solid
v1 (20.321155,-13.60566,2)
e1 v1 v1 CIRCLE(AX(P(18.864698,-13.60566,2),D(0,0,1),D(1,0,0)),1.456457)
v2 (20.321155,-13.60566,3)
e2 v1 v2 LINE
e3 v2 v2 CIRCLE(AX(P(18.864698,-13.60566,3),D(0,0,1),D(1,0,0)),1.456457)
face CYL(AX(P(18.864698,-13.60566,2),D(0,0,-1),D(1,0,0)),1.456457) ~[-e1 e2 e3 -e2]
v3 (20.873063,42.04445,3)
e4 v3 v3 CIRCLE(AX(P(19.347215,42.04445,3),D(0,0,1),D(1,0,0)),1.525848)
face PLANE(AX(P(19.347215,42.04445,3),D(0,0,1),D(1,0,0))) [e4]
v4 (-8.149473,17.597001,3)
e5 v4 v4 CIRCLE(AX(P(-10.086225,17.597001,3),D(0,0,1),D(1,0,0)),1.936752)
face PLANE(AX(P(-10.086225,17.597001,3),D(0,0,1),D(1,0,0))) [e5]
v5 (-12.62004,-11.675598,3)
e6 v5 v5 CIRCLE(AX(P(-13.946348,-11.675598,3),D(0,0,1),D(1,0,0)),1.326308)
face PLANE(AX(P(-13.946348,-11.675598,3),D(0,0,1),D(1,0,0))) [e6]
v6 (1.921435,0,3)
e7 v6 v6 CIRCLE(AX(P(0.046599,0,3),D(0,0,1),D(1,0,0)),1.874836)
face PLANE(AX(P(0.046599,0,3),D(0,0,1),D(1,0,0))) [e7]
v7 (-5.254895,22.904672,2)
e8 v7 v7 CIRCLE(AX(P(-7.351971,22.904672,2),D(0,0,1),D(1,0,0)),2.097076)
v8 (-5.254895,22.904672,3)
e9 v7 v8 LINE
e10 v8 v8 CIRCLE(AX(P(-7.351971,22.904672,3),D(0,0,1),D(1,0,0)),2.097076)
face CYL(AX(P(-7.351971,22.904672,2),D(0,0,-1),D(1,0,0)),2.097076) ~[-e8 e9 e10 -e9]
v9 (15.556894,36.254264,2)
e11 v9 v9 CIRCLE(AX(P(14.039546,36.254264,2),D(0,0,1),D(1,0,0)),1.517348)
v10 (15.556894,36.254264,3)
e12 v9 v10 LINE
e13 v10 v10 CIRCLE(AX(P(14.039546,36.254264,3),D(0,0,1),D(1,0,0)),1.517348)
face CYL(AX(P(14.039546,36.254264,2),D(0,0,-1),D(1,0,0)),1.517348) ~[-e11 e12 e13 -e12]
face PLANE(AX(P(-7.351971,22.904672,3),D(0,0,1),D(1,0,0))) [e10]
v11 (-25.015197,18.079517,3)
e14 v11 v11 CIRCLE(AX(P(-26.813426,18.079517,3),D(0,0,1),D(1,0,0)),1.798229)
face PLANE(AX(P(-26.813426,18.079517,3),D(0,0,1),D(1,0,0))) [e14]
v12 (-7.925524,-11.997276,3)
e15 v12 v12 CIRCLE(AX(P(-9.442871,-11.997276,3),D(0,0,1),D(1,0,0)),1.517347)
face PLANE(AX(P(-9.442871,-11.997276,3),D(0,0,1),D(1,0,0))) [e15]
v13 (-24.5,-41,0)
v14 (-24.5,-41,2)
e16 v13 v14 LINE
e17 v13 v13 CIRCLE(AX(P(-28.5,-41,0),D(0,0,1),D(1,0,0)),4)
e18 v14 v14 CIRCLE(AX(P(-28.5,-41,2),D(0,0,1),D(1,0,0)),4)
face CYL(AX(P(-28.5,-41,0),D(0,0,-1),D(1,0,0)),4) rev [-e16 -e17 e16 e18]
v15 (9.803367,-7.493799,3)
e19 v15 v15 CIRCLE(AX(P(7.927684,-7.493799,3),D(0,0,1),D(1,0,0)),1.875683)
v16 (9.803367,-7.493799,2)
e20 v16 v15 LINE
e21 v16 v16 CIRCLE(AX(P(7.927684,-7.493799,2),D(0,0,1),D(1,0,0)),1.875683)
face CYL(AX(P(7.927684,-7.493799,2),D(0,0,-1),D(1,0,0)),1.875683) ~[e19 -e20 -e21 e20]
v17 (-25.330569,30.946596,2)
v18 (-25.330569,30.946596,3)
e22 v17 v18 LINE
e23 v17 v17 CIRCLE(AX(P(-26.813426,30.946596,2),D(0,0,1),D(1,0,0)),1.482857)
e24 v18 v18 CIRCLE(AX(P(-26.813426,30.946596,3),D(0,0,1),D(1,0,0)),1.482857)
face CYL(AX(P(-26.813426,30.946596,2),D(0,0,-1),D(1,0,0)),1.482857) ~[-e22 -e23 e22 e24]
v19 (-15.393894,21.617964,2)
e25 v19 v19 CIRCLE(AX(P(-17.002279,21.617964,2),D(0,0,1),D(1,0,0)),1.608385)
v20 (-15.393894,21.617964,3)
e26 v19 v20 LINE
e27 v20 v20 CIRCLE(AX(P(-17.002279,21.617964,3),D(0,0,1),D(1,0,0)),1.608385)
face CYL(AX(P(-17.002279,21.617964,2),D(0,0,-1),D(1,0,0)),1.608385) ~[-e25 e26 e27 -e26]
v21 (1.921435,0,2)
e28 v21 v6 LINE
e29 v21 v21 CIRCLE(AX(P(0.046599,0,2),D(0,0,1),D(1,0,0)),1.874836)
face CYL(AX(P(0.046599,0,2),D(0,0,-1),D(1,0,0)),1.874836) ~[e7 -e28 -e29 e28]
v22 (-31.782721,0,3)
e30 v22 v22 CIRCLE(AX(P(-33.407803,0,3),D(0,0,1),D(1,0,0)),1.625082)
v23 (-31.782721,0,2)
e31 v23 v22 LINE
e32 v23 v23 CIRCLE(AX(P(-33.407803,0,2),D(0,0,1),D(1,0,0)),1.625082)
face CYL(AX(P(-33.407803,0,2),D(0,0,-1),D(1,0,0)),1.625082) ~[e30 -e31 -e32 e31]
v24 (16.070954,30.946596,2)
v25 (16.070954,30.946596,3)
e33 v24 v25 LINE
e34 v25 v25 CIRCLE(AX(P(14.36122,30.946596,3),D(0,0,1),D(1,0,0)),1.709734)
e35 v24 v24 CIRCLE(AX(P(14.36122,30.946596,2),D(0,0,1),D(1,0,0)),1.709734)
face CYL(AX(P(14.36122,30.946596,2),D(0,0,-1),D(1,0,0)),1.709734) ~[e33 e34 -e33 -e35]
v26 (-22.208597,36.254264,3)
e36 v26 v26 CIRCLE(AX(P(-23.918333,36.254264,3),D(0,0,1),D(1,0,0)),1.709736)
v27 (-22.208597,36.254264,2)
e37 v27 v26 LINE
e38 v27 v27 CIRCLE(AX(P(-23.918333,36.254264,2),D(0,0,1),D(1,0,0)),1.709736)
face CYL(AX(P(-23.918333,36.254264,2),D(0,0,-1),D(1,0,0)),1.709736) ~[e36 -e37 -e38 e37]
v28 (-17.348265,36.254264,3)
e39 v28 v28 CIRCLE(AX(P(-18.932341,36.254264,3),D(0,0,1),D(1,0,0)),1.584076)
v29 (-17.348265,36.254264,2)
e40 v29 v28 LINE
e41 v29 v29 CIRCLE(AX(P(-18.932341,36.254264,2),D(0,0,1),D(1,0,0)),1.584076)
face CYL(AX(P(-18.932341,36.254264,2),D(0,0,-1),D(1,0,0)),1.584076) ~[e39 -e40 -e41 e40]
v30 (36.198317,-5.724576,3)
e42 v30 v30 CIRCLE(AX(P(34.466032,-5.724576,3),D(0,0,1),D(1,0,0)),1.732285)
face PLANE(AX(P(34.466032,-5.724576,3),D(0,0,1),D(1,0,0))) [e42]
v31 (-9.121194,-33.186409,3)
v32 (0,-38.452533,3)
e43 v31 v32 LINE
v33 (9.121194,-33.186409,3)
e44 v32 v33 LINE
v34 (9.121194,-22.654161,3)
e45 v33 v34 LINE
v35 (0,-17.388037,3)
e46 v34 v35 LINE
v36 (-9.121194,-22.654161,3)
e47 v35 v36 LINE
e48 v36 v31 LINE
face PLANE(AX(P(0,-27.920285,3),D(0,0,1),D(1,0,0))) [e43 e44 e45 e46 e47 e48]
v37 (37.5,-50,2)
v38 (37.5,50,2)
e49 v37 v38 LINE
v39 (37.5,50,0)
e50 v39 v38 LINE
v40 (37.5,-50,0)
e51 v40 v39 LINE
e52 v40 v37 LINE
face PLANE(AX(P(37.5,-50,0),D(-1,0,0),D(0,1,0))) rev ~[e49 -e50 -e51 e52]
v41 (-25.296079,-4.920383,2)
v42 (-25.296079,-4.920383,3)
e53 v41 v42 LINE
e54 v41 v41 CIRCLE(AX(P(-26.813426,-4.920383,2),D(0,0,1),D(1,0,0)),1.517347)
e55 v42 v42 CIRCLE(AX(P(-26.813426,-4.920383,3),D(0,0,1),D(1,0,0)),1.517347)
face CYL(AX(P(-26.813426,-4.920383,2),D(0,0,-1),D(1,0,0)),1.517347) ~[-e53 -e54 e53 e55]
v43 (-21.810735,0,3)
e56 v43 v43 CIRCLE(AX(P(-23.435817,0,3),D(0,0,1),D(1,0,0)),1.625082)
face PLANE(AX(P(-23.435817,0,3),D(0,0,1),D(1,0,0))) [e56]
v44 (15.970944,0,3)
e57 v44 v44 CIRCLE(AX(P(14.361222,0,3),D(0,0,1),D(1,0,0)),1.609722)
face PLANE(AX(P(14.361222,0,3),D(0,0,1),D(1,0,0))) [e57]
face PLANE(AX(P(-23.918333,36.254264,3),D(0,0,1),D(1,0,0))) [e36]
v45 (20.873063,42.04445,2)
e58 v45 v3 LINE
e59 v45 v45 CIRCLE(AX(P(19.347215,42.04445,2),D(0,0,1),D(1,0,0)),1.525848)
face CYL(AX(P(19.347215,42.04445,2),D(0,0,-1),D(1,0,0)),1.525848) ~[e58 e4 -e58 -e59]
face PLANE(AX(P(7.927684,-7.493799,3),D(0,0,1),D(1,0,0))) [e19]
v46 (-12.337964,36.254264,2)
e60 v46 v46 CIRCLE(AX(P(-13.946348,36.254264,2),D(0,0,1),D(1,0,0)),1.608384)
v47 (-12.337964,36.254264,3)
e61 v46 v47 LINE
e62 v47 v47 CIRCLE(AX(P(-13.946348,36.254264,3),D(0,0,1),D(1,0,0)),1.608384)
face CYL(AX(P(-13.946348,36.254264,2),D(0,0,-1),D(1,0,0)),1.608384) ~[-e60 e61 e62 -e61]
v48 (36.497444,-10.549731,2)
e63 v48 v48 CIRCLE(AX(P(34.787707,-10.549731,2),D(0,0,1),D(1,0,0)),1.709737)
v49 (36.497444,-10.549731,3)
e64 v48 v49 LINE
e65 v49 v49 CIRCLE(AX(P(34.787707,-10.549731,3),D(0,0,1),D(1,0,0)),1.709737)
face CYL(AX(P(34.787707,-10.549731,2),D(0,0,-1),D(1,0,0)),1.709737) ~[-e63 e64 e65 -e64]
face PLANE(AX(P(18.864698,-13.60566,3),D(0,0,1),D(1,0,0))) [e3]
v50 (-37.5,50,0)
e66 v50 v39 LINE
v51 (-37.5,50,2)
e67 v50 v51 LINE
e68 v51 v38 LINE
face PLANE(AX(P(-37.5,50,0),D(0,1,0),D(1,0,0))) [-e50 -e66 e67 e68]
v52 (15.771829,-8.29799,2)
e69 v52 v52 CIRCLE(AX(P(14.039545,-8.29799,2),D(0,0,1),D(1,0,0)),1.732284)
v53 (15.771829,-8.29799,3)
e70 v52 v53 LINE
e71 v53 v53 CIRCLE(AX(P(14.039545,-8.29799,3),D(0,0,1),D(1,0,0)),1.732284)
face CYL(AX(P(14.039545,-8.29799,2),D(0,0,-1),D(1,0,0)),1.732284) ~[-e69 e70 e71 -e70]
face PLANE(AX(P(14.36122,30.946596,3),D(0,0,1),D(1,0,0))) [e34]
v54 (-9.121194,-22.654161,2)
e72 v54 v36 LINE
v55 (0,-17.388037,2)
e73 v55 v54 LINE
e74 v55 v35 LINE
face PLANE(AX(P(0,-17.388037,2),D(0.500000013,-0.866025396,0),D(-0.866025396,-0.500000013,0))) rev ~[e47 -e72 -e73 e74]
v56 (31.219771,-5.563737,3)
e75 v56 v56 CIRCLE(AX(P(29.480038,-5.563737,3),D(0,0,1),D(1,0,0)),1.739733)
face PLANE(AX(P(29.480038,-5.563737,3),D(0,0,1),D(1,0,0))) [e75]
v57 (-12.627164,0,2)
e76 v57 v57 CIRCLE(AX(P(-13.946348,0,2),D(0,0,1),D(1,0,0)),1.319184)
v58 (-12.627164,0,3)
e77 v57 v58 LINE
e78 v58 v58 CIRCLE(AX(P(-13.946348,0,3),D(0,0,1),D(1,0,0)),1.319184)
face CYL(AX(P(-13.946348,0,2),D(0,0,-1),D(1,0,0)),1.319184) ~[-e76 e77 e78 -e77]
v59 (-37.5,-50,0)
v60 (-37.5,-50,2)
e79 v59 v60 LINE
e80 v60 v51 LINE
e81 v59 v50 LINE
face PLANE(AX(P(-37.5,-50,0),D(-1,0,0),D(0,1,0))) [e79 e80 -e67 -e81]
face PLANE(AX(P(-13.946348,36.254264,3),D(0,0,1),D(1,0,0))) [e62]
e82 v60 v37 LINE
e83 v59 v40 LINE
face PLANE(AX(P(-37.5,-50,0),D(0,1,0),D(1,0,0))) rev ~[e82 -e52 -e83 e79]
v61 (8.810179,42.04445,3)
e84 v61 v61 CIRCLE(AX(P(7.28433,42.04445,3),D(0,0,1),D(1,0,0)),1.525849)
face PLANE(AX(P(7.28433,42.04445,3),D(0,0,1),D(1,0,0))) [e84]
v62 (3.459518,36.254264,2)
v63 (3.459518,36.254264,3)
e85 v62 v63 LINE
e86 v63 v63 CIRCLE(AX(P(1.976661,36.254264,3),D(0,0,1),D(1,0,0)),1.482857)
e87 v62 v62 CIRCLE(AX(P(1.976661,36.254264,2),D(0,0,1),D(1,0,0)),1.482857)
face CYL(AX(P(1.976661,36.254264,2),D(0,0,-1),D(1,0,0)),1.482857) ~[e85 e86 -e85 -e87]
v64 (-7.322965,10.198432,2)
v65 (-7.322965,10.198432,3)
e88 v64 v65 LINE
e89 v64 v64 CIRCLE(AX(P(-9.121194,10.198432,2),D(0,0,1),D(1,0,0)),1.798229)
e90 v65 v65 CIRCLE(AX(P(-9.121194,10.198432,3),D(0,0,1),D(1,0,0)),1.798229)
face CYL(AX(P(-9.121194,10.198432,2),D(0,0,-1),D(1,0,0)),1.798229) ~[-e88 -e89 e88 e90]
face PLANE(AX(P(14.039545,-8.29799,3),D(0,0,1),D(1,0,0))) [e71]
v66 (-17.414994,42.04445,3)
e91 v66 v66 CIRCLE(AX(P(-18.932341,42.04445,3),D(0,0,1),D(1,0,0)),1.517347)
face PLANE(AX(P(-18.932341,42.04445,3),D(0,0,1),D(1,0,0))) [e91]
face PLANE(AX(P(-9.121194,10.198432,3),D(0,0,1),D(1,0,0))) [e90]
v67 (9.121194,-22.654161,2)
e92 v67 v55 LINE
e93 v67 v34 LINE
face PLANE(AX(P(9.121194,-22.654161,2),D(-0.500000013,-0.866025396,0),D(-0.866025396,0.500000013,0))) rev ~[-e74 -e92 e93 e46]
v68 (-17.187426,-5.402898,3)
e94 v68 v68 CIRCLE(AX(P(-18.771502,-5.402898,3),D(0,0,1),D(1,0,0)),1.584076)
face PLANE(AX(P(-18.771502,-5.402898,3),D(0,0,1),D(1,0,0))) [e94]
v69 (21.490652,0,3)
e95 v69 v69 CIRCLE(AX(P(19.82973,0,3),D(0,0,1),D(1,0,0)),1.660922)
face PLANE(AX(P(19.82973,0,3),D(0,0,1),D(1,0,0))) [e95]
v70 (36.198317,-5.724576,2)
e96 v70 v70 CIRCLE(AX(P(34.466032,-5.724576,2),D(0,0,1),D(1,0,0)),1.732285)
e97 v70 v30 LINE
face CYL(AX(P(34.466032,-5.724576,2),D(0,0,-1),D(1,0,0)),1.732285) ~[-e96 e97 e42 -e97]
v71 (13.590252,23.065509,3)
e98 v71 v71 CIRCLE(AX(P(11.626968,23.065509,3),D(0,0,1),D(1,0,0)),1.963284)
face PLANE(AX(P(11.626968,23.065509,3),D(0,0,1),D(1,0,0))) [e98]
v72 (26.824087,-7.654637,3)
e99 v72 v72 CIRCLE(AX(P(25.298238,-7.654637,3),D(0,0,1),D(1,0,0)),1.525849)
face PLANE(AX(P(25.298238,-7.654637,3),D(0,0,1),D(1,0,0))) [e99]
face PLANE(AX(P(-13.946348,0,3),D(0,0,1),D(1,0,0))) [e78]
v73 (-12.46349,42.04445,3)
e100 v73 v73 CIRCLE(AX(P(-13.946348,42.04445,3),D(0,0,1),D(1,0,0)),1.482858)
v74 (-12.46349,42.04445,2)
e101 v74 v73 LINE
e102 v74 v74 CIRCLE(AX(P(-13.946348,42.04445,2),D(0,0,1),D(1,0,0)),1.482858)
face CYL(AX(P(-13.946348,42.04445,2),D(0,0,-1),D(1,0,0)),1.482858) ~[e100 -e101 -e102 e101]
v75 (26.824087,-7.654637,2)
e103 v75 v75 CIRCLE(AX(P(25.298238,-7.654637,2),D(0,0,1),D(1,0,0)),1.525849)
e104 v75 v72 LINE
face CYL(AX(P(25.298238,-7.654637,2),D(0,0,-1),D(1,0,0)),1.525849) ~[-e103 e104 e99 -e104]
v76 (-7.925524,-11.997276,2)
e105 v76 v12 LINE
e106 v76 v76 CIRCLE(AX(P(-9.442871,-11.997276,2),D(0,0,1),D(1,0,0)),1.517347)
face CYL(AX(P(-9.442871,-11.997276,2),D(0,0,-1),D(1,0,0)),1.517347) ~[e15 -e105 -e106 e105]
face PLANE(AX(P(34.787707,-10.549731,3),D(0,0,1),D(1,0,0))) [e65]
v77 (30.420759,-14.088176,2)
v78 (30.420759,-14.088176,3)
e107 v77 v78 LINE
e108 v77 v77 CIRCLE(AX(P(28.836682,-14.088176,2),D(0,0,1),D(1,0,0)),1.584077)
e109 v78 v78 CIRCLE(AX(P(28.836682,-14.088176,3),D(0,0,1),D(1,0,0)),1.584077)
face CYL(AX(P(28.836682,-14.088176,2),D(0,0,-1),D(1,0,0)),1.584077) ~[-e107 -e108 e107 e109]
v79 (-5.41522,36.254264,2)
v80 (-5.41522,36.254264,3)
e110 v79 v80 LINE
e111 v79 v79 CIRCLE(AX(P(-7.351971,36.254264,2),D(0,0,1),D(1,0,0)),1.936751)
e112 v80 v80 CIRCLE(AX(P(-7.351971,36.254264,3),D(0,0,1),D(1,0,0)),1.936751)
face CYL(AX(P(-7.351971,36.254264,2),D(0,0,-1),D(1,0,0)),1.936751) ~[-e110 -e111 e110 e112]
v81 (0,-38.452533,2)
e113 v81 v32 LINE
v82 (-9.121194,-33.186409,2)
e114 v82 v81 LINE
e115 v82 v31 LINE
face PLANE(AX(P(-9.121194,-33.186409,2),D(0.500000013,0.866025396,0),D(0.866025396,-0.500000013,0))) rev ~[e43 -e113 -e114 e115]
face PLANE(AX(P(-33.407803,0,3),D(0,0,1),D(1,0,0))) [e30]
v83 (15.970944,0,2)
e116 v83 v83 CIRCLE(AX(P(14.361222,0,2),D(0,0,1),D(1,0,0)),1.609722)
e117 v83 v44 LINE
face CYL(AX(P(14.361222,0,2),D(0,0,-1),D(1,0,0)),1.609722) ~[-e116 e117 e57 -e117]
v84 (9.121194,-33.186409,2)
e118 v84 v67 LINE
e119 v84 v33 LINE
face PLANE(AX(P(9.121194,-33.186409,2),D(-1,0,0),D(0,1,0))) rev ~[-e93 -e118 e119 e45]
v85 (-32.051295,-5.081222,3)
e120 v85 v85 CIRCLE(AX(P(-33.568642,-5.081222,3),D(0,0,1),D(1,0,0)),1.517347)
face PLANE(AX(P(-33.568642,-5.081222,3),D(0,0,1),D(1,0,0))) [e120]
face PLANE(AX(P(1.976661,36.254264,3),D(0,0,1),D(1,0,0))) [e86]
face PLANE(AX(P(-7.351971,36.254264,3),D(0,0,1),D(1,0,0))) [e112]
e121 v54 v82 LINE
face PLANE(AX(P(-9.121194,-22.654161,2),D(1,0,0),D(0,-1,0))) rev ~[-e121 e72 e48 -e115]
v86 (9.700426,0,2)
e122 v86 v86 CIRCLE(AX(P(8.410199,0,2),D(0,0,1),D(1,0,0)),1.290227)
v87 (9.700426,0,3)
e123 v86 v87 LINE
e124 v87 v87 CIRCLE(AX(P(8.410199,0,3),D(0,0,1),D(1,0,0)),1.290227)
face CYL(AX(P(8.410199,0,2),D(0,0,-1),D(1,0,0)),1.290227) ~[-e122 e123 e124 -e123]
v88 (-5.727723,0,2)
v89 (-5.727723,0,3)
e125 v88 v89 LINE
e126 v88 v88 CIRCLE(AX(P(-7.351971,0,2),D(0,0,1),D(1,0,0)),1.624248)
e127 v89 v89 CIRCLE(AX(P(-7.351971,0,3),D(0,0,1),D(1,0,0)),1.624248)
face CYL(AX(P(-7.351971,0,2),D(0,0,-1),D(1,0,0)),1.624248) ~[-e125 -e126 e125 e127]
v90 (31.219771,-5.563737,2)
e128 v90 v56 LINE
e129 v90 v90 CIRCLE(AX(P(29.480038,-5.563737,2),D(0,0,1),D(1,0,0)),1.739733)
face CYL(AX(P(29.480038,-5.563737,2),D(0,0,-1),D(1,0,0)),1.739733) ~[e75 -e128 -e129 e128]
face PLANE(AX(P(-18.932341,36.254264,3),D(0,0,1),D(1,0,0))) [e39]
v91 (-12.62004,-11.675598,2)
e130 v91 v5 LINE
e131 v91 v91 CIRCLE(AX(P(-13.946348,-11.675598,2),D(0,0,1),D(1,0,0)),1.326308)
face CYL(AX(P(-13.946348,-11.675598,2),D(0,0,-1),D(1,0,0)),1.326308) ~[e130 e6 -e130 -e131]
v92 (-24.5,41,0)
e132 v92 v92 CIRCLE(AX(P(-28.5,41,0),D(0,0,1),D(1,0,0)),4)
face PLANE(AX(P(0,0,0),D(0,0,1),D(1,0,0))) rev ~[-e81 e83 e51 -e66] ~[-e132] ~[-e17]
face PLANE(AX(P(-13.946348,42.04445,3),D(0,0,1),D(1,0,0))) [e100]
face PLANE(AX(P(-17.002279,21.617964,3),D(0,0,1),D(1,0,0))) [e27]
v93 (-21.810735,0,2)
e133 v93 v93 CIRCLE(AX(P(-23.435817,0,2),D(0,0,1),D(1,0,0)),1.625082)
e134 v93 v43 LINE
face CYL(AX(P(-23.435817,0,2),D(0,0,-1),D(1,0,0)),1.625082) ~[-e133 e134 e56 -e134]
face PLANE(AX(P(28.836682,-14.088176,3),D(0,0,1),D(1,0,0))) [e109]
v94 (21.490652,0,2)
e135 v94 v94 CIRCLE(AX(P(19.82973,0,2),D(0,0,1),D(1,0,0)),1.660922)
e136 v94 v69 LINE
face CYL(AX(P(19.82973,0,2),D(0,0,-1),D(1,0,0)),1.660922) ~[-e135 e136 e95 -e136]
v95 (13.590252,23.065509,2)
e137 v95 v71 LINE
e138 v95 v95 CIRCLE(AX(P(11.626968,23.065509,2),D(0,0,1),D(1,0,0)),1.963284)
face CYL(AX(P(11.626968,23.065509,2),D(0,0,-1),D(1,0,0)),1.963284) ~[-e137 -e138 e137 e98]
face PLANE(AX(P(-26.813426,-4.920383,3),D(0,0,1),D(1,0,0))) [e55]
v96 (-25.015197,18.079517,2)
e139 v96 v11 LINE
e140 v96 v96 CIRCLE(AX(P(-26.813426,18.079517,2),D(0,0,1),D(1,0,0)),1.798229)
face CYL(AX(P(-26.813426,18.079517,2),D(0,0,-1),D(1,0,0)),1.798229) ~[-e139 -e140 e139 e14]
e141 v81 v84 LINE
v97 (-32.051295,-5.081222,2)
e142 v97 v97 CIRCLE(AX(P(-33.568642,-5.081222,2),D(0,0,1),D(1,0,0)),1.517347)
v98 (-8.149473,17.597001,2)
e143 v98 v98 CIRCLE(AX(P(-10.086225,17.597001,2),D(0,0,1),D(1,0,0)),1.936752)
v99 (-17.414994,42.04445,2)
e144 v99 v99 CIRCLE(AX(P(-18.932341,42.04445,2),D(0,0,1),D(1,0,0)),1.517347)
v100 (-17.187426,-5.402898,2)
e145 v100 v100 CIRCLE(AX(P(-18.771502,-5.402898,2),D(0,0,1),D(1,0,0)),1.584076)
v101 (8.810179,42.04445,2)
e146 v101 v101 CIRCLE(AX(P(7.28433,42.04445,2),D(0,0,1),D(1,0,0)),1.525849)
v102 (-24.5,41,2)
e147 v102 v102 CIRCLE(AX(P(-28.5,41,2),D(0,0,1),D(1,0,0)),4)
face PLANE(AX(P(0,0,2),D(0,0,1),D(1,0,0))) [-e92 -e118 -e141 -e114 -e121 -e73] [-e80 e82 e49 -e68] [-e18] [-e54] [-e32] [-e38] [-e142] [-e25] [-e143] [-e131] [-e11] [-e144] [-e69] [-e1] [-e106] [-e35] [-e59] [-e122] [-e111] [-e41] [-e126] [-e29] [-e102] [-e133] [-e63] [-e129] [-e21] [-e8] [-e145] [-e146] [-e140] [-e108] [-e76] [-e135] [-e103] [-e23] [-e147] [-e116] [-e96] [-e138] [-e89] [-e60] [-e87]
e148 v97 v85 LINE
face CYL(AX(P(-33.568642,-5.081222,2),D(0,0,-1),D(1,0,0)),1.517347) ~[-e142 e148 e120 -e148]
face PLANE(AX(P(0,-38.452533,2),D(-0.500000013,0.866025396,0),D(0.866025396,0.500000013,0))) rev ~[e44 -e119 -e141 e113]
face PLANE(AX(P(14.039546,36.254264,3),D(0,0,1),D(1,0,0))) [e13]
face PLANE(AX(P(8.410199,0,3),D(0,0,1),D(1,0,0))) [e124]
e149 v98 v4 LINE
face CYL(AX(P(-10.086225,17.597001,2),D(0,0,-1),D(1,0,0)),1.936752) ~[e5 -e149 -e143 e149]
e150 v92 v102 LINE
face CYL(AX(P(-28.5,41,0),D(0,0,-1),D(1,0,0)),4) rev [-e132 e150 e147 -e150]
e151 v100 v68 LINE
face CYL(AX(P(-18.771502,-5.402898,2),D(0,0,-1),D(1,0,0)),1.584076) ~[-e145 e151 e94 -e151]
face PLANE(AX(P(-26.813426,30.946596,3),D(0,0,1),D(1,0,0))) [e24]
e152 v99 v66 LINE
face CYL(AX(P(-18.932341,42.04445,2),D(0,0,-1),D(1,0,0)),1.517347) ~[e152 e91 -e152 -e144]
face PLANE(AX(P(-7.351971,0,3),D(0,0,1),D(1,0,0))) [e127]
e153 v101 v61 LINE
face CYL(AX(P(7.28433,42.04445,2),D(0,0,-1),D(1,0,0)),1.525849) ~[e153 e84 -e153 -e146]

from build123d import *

# Parameters (mm, degrees)
F0_W     = 75
F0_H     = 100
F0_R     = 4
F1_DEPTH = 2
F2_R     = 1.584077
F2_R_2   = 1.709737
F2_R_3   = 1.732285
F2_R_4   = 1.739733
F2_R_5   = 1.525849
F2_R_6   = 1.456457
F2_R_7   = 1.732284
F2_R_8   = 1.660922
F2_R_9   = 1.609722
F2_R_10  = 1.290227
F2_R_11  = 1.875683
F2_R_12  = 1.517347
F2_R_13  = 1.874836
F2_R_14  = 1.624248
F2_R_15  = 1.319184
F2_R_16  = 1.584076
F2_R_17  = 1.326308
F2_R_18  = 1.625082
F2_R_19  = 1.798229
F2_R_20  = 1.936752
F2_R_21  = 2.097076
F2_R_22  = 1.963284
F2_R_23  = 1.709734
F2_R_24  = 1.517348
F2_R_25  = 1.525848
F2_R_26  = 1.482857
F2_R_27  = 1.936751
F2_R_28  = 1.608384
F2_R_29  = 1.482858
F2_R_30  = 1.709736
F2_R_31  = 1.608385
F3_DEPTH = 1


with BuildPart() as f1:
    # F0 (on Top) → F1 (new body)
    with BuildSketch(Plane.XY):
        Rectangle(F0_W, F0_H)
        with Locations((-28.5, -41)):
            Circle(F0_R, mode=Mode.SUBTRACT)
        with Locations((-28.5, 41)):
            Circle(F0_R, mode=Mode.SUBTRACT)
    extrude(amount=F1_DEPTH)

    # F2 (on face) → F3 (join)
    with BuildSketch(Plane.XY.offset(2)):
        Polygon((-9.121194, -22.654161), (-9.121194, -33.186409), (0, -38.452533), (9.121194, -33.186409), (9.121194, -22.654161), (0, -17.388037), align=None)
        with Locations((28.836682, -14.088176)):
            Circle(F2_R)
        with Locations((34.787707, -10.549731)):
            Circle(F2_R_2)
        with Locations((34.466032, -5.724576)):
            Circle(F2_R_3)
        with Locations((29.480038, -5.563737)):
            Circle(F2_R_4)
        with Locations((25.298238, -7.654637)):
            Circle(F2_R_5)
        with Locations((18.864698, -13.60566)):
            Circle(F2_R_6)
        with Locations((14.039545, -8.29799)):
            Circle(F2_R_7)
        with Locations((19.82973, 0)):
            Circle(F2_R_8)
        with Locations((14.361222, 0)):
            Circle(F2_R_9)
        with Locations((8.410199, 0)):
            Circle(F2_R_10)
        with Locations((7.927684, -7.493799)):
            Circle(F2_R_11)
        with Locations((-9.442871, -11.997276)):
            Circle(F2_R_12)
        with Locations((0.046599, 0)):
            Circle(F2_R_13)
        with Locations((-7.351971, 0)):
            Circle(F2_R_14)
        with Locations((-13.946348, 0)):
            Circle(F2_R_15)
        with Locations((-18.771502, -5.402898)):
            Circle(F2_R_16)
        with Locations((-26.813426, -4.920383)):
            Circle(F2_R_12)
        with Locations((-13.946348, -11.675598)):
            Circle(F2_R_17)
        with Locations((-23.435817, 0)):
            Circle(F2_R_18)
        with Locations((-33.407803, 0)):
            Circle(F2_R_18)
        with Locations((-33.568642, -5.081222)):
            Circle(F2_R_12)
        with Locations((-9.121194, 10.198432)):
            Circle(F2_R_19)
        with Locations((-10.086225, 17.597001)):
            Circle(F2_R_20)
        with Locations((-7.351971, 22.904672)):
            Circle(F2_R_21)
        with Locations((11.626968, 23.065509)):
            Circle(F2_R_22)
        with Locations((14.36122, 30.946596)):
            Circle(F2_R_23)
        with Locations((14.039546, 36.254264)):
            Circle(F2_R_24)
        with Locations((19.347215, 42.04445)):
            Circle(F2_R_25)
        with Locations((7.28433, 42.04445)):
            Circle(F2_R_5)
        with Locations((1.976661, 36.254264)):
            Circle(F2_R_26)
        with Locations((-7.351971, 36.254264)):
            Circle(F2_R_27)
        with Locations((-13.946348, 36.254264)):
            Circle(F2_R_28)
        with Locations((-13.946348, 42.04445)):
            Circle(F2_R_29)
        with Locations((-18.932341, 42.04445)):
            Circle(F2_R_12)
        with Locations((-18.932341, 36.254264)):
            Circle(F2_R_16)
        with Locations((-23.918333, 36.254264)):
            Circle(F2_R_30)
        with Locations((-26.813426, 30.946596)):
            Circle(F2_R_26)
        with Locations((-26.813426, 18.079517)):
            Circle(F2_R_19)
        with Locations((-17.002279, 21.617964)):
            Circle(F2_R_31)
    extrude(amount=F3_DEPTH)


solid = f1.part
